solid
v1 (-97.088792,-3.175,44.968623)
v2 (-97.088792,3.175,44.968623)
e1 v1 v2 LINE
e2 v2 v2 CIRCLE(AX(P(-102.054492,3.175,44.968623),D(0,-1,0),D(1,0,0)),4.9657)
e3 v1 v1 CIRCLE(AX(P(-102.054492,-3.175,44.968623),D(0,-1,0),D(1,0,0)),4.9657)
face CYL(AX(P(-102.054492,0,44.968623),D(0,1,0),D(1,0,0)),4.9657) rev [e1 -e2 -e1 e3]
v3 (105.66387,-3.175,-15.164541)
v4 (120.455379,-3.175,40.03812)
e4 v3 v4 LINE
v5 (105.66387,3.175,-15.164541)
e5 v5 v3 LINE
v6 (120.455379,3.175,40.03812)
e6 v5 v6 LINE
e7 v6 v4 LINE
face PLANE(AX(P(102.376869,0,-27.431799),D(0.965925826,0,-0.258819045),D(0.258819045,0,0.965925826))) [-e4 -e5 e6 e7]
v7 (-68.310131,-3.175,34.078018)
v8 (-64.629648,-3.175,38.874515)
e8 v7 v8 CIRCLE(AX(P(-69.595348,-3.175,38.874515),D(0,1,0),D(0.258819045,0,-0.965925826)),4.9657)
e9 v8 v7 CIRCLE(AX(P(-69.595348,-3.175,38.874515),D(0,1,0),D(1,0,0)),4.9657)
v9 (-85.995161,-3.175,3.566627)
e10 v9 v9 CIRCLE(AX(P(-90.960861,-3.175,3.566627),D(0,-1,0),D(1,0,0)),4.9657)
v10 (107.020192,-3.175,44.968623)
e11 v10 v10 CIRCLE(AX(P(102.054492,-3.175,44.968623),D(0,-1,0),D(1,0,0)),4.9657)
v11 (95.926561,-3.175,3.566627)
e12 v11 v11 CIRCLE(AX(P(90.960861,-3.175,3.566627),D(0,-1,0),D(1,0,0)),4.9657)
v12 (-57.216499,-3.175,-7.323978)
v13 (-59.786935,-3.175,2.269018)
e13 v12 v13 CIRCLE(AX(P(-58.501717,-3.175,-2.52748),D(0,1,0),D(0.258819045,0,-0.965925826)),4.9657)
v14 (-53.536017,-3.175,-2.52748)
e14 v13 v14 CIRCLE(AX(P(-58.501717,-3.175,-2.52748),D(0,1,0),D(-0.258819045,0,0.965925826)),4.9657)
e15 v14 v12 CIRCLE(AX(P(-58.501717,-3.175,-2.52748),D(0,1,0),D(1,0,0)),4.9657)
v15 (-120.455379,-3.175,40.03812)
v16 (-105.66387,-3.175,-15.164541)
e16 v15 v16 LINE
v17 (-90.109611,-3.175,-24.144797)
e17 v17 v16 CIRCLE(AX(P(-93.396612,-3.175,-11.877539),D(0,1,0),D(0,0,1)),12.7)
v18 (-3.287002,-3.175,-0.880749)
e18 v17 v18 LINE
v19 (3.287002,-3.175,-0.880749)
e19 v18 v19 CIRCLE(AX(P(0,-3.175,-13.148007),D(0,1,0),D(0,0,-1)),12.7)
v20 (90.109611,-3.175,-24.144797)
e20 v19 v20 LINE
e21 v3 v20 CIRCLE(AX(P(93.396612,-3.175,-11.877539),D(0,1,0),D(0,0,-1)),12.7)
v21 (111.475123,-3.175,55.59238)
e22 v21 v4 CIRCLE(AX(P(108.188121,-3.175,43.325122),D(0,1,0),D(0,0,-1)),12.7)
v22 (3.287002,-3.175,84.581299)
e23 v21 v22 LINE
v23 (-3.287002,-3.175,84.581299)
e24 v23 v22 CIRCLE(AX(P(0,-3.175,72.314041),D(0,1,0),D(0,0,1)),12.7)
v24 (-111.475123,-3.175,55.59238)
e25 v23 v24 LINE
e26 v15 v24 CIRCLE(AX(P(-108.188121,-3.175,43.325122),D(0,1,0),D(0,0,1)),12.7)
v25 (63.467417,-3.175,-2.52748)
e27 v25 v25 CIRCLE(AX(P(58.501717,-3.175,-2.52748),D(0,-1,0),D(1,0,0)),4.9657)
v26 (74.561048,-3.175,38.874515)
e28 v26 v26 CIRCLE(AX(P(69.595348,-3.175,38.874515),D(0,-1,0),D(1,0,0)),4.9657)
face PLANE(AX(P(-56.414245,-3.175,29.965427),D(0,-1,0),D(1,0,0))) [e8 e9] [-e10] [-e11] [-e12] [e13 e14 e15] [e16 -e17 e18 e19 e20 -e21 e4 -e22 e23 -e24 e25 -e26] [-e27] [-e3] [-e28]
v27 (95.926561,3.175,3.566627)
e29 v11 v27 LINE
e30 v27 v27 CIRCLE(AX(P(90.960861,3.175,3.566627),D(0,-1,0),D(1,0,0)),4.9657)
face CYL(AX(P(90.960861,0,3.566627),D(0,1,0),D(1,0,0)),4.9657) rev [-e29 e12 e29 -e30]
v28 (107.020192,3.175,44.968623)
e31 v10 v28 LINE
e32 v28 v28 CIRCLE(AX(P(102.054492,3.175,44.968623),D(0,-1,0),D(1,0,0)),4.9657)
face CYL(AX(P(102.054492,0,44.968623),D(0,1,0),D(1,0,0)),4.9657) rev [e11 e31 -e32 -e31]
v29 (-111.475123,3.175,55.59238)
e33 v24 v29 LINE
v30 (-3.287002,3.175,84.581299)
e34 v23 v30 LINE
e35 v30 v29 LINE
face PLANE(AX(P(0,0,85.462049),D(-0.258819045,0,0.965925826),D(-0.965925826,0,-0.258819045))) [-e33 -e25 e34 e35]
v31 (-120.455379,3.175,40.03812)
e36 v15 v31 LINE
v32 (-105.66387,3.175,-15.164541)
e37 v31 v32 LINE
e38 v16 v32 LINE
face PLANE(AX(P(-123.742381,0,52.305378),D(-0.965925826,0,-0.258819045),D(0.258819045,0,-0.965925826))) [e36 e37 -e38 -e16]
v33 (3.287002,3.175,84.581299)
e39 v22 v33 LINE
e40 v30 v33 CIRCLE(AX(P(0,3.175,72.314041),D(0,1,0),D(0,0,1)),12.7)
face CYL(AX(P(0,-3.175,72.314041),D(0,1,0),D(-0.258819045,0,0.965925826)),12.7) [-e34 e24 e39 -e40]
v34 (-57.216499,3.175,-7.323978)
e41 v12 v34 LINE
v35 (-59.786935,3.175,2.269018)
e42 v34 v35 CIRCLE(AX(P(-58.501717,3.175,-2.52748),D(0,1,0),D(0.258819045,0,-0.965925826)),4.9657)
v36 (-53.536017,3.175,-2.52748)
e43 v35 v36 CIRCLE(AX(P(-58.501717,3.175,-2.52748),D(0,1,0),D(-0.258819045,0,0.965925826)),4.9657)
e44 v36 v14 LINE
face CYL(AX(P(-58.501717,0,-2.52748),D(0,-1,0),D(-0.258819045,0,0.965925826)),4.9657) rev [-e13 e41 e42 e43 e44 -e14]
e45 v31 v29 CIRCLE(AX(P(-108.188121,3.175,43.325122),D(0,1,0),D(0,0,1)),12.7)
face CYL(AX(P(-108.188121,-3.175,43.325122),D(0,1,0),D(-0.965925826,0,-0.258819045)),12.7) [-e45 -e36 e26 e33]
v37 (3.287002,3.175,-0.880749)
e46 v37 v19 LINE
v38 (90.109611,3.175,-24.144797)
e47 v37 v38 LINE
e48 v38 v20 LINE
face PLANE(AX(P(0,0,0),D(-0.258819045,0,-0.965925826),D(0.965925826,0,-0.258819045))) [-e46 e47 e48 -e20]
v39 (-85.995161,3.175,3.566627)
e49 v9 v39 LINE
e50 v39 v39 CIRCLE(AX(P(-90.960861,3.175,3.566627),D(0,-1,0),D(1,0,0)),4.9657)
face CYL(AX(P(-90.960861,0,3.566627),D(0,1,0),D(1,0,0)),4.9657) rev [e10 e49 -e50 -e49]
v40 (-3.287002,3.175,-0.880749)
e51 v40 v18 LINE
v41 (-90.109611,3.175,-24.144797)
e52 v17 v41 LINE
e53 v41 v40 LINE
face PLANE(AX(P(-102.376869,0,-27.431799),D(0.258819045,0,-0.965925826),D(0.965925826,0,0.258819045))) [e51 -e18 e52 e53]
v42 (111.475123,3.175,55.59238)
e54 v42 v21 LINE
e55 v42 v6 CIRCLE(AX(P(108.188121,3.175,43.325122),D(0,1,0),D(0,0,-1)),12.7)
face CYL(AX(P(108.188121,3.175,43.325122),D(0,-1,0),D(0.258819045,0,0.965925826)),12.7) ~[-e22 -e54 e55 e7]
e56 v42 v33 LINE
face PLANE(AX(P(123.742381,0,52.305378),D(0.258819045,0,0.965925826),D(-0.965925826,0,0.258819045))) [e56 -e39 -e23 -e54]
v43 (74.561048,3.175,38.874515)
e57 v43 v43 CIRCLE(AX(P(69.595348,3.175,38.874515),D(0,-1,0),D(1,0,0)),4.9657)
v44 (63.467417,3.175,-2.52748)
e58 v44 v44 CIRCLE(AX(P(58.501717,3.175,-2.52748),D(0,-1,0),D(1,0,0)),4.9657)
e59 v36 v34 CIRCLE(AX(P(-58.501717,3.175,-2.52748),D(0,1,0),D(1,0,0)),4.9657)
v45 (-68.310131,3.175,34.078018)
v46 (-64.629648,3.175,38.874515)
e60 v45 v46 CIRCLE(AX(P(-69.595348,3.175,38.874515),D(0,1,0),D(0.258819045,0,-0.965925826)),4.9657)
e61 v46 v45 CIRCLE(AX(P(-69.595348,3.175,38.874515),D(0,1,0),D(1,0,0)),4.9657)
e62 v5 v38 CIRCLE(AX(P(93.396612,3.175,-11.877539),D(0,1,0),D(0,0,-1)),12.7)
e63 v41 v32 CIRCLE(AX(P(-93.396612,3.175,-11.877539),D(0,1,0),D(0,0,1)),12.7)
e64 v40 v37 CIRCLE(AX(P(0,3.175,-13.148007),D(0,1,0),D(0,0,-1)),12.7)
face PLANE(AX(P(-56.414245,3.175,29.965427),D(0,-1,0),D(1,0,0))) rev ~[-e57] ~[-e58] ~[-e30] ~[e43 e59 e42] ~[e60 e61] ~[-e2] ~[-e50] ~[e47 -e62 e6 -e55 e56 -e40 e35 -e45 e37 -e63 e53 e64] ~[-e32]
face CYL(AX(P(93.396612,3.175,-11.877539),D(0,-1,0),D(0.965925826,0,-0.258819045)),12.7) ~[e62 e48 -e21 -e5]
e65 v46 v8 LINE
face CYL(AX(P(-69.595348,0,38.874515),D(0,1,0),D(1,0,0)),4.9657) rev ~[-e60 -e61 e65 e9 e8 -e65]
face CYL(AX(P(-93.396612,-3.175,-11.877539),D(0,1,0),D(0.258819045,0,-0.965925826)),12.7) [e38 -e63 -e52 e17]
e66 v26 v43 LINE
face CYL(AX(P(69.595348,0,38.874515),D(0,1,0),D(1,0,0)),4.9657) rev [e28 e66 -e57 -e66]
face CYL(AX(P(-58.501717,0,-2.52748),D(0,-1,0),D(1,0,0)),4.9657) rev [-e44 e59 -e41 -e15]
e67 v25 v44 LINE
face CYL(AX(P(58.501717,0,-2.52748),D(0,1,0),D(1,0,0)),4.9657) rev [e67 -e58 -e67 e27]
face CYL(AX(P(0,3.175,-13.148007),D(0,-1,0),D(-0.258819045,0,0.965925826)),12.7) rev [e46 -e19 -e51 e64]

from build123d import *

# Parameters (mm, degrees)
F0_R     = 4.9657
F1_DEPTH = 3.175
F2_R     = 12.7


with BuildPart() as f1:
    # F0 (on Front) → F1 (new body, symmetric)
    with BuildSketch(Plane.XZ):
        Polygon((-55.2147151877, -14.7947383449), (0, 0), (0, 85.4620486929), (-123.7423807387, 52.3053777044), (-102.3768685655, -27.4317992558), align=None)
        with BuildLine():
            ThreePointArc((-53.5360170605, -2.527480351), (-54.5621623786, -5.550406979), (-57.2164993282, -7.3239782266))
            ThreePointArc((-57.2164993282, -7.3239782266), (-63.2982149361, -3.8126980833), (-59.7869347928, 2.2690175246))
            ThreePointArc((-59.7869347928, 2.2690175246), (-55.4787904325, 1.4120743309), (-53.5360170605, -2.527480351))
        make_face(mode=Mode.SUBTRACT)
        with Locations((-90.9608605544, 3.5666267904)):
            Circle(F0_R, mode=Mode.SUBTRACT)
        with BuildLine():
            ThreePointArc((-64.6296483812, 38.8745153783), (-65.6557936993, 35.8515887503), (-68.310130649, 34.0780175027))
            ThreePointArc((-68.310130649, 34.0780175027), (-73.5349030631, 41.8974420064), (-64.6296483812, 38.8745153783))
        make_face(mode=Mode.SUBTRACT)
        with Locations((-102.0544918751, 44.9686225197)):
            Circle(F0_R, mode=Mode.SUBTRACT)
        Polygon((0, 85.4620486929), (0, 0), (102.3768685655, -27.4317992558), (123.7423807387, 52.3053777044), align=None)
        with Locations((58.5017170605, -2.527480351)):
            Circle(F0_R, mode=Mode.SUBTRACT)
        with Locations((90.9608605544, 3.5666267904)):
            Circle(F0_R, mode=Mode.SUBTRACT)
        with Locations((69.5953483812, 38.8745153783)):
            Circle(F0_R, mode=Mode.SUBTRACT)
        with Locations((102.0544918751, 44.9686225197)):
            Circle(F0_R, mode=Mode.SUBTRACT)
    extrude(amount=F1_DEPTH, both=True)

    # F2
    f2_edges = [f1.edges().sort_by_distance(p)[0] for p in [
        (-123.742381, 0, 52.305378),
        (0, 0, 85.462049),
        (0, 0, 0),
        (102.376869, 0, -27.431799),
        (123.742381, 0, 52.305378),
        (-102.376869, 0, -27.431799),
    ]]
    fillet(f2_edges, radius=F2_R)


solid = f1.part
